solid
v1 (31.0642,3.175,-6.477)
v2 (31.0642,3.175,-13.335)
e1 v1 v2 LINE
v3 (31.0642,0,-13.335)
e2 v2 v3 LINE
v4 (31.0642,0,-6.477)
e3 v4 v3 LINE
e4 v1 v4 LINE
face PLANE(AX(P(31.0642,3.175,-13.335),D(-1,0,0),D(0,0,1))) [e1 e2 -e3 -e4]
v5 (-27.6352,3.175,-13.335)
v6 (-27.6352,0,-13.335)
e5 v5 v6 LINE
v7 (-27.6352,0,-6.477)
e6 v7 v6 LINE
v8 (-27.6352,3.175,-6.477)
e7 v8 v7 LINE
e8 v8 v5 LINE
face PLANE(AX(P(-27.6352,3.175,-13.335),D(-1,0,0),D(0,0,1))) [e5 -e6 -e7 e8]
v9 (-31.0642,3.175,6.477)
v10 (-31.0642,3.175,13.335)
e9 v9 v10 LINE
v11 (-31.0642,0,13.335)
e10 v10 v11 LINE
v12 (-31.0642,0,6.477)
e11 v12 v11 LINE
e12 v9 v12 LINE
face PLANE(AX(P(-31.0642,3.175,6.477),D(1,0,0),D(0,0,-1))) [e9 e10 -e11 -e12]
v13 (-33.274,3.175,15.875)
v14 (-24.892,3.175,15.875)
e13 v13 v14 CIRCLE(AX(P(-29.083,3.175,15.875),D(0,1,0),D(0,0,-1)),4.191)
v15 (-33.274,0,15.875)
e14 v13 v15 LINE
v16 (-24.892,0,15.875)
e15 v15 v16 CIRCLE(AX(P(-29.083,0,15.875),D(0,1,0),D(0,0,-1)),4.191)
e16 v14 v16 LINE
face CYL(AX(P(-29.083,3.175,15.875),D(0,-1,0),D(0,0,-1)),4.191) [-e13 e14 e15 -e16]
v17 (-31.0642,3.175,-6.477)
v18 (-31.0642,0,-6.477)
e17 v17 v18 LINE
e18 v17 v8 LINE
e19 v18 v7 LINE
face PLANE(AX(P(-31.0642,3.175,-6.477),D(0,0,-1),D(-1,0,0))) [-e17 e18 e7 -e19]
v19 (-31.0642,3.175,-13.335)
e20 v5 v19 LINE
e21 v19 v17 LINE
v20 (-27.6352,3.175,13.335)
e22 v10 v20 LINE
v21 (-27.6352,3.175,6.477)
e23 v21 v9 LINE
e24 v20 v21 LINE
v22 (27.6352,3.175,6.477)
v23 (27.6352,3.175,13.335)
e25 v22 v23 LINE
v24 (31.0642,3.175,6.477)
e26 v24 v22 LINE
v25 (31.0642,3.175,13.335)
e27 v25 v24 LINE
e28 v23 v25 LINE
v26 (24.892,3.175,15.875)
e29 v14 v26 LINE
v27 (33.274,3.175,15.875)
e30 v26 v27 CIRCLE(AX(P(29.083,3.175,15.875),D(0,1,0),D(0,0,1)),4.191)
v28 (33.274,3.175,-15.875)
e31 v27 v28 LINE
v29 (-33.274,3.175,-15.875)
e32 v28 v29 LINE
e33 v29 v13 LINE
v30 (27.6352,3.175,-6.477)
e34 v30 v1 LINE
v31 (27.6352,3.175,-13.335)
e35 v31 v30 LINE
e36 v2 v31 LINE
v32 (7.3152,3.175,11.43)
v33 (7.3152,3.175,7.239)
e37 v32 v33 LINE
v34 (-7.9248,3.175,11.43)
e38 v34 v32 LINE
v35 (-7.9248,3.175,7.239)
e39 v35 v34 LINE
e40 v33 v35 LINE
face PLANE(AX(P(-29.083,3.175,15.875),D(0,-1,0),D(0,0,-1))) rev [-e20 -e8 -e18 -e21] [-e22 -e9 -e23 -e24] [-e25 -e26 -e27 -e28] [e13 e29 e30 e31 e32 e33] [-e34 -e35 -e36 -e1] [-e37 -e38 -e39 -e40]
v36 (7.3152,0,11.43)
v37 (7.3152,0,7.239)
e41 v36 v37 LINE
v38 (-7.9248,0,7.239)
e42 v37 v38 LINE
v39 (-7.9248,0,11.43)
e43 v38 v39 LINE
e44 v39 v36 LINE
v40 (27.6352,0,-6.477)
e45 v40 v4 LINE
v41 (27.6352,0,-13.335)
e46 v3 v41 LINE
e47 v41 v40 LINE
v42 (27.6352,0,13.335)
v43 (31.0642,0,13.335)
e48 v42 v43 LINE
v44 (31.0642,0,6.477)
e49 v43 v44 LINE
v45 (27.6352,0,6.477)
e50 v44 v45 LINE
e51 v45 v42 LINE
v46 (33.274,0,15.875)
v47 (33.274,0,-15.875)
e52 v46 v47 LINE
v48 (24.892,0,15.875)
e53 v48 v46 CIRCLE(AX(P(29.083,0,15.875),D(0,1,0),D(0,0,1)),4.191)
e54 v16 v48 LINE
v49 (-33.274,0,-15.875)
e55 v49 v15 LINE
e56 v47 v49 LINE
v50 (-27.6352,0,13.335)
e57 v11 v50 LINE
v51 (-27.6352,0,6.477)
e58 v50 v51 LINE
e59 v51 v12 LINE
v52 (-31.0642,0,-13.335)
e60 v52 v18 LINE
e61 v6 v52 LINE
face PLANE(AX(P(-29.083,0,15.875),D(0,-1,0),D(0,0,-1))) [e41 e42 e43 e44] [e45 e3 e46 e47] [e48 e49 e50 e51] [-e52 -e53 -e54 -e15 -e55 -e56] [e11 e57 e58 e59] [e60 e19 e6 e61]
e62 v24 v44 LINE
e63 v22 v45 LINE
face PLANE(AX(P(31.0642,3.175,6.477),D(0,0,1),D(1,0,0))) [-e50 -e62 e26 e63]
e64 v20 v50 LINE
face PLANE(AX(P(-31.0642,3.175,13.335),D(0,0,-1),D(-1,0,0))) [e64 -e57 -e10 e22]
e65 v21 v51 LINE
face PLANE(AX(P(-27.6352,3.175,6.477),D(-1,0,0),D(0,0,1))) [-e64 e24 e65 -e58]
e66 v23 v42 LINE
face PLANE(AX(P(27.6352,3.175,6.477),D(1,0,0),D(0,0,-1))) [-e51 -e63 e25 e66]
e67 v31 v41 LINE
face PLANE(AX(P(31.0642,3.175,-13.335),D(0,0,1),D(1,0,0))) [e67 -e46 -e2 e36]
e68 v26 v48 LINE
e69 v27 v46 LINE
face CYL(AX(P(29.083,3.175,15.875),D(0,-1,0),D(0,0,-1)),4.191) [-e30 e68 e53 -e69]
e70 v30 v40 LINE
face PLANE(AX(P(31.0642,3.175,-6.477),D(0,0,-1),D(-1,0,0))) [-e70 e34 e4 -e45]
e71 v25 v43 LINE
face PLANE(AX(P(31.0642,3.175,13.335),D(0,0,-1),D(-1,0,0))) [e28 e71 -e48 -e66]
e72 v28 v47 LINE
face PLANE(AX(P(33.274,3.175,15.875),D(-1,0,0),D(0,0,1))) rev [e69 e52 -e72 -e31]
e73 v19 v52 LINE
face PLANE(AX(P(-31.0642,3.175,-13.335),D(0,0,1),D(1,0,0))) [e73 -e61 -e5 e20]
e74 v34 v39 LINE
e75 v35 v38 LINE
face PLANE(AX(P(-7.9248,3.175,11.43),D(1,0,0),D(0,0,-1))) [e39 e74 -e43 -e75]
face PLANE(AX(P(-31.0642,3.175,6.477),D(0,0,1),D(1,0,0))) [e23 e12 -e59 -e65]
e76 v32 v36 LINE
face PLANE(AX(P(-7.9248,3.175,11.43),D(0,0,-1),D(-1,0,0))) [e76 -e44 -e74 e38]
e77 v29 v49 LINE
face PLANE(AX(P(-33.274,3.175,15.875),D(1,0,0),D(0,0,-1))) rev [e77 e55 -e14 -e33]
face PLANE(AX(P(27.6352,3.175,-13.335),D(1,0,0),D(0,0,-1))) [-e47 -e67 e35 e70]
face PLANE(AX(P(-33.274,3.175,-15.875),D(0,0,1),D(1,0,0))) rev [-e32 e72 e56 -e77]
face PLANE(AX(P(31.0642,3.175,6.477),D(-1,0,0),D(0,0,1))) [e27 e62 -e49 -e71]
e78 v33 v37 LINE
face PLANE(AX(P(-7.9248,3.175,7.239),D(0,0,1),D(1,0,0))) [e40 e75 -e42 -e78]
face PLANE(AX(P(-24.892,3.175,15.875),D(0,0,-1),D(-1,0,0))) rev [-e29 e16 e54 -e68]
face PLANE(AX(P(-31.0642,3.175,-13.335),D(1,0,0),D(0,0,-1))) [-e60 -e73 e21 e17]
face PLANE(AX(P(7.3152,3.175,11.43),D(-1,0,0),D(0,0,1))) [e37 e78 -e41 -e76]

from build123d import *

# Parameters (mm, degrees)
SKETCH1_W           = 3.429
SKETCH1_H           = 6.858
SKETCH1_W_2         = 15.24
SKETCH1_H_2         = 4.191
BOSS_EXTRUDE1_DEPTH = 3.175


with BuildPart() as part:
    # Sketch1 → Boss-Extrude1 (new body)
    with BuildSketch(Plane(origin=(0, 0, 0), x_dir=(1, 0, 0), z_dir=(0, 1, 0))):
        with BuildLine():
            Line((-24.892, -15.875), (24.892, -15.875))
            ThreePointArc((24.892, -15.875), (29.083, -20.066), (33.274, -15.875))
            Line((33.274, -15.875), (33.274, 15.875))
            Line((33.274, 15.875), (-33.274, 15.875))
            Line((-33.274, 15.875), (-33.274, -15.875))
            ThreePointArc((-33.274, -15.875), (-29.083, -20.066), (-24.892, -15.875))
        make_face()
        with Locations((29.3497, 9.906)):
            Rectangle(SKETCH1_W, SKETCH1_H, mode=Mode.SUBTRACT)
        with Locations((29.3497, -9.906)):
            Rectangle(SKETCH1_W, SKETCH1_H, mode=Mode.SUBTRACT)
        with Locations((-29.3497, -9.906)):
            Rectangle(SKETCH1_W, SKETCH1_H, mode=Mode.SUBTRACT)
        with Locations((-29.3497, 9.906)):
            Rectangle(SKETCH1_W, SKETCH1_H, mode=Mode.SUBTRACT)
        with Locations((-0.3048, -9.3345)):
            Rectangle(SKETCH1_W_2, SKETCH1_H_2, mode=Mode.SUBTRACT)
    extrude(amount=BOSS_EXTRUDE1_DEPTH)


solid = part.part
